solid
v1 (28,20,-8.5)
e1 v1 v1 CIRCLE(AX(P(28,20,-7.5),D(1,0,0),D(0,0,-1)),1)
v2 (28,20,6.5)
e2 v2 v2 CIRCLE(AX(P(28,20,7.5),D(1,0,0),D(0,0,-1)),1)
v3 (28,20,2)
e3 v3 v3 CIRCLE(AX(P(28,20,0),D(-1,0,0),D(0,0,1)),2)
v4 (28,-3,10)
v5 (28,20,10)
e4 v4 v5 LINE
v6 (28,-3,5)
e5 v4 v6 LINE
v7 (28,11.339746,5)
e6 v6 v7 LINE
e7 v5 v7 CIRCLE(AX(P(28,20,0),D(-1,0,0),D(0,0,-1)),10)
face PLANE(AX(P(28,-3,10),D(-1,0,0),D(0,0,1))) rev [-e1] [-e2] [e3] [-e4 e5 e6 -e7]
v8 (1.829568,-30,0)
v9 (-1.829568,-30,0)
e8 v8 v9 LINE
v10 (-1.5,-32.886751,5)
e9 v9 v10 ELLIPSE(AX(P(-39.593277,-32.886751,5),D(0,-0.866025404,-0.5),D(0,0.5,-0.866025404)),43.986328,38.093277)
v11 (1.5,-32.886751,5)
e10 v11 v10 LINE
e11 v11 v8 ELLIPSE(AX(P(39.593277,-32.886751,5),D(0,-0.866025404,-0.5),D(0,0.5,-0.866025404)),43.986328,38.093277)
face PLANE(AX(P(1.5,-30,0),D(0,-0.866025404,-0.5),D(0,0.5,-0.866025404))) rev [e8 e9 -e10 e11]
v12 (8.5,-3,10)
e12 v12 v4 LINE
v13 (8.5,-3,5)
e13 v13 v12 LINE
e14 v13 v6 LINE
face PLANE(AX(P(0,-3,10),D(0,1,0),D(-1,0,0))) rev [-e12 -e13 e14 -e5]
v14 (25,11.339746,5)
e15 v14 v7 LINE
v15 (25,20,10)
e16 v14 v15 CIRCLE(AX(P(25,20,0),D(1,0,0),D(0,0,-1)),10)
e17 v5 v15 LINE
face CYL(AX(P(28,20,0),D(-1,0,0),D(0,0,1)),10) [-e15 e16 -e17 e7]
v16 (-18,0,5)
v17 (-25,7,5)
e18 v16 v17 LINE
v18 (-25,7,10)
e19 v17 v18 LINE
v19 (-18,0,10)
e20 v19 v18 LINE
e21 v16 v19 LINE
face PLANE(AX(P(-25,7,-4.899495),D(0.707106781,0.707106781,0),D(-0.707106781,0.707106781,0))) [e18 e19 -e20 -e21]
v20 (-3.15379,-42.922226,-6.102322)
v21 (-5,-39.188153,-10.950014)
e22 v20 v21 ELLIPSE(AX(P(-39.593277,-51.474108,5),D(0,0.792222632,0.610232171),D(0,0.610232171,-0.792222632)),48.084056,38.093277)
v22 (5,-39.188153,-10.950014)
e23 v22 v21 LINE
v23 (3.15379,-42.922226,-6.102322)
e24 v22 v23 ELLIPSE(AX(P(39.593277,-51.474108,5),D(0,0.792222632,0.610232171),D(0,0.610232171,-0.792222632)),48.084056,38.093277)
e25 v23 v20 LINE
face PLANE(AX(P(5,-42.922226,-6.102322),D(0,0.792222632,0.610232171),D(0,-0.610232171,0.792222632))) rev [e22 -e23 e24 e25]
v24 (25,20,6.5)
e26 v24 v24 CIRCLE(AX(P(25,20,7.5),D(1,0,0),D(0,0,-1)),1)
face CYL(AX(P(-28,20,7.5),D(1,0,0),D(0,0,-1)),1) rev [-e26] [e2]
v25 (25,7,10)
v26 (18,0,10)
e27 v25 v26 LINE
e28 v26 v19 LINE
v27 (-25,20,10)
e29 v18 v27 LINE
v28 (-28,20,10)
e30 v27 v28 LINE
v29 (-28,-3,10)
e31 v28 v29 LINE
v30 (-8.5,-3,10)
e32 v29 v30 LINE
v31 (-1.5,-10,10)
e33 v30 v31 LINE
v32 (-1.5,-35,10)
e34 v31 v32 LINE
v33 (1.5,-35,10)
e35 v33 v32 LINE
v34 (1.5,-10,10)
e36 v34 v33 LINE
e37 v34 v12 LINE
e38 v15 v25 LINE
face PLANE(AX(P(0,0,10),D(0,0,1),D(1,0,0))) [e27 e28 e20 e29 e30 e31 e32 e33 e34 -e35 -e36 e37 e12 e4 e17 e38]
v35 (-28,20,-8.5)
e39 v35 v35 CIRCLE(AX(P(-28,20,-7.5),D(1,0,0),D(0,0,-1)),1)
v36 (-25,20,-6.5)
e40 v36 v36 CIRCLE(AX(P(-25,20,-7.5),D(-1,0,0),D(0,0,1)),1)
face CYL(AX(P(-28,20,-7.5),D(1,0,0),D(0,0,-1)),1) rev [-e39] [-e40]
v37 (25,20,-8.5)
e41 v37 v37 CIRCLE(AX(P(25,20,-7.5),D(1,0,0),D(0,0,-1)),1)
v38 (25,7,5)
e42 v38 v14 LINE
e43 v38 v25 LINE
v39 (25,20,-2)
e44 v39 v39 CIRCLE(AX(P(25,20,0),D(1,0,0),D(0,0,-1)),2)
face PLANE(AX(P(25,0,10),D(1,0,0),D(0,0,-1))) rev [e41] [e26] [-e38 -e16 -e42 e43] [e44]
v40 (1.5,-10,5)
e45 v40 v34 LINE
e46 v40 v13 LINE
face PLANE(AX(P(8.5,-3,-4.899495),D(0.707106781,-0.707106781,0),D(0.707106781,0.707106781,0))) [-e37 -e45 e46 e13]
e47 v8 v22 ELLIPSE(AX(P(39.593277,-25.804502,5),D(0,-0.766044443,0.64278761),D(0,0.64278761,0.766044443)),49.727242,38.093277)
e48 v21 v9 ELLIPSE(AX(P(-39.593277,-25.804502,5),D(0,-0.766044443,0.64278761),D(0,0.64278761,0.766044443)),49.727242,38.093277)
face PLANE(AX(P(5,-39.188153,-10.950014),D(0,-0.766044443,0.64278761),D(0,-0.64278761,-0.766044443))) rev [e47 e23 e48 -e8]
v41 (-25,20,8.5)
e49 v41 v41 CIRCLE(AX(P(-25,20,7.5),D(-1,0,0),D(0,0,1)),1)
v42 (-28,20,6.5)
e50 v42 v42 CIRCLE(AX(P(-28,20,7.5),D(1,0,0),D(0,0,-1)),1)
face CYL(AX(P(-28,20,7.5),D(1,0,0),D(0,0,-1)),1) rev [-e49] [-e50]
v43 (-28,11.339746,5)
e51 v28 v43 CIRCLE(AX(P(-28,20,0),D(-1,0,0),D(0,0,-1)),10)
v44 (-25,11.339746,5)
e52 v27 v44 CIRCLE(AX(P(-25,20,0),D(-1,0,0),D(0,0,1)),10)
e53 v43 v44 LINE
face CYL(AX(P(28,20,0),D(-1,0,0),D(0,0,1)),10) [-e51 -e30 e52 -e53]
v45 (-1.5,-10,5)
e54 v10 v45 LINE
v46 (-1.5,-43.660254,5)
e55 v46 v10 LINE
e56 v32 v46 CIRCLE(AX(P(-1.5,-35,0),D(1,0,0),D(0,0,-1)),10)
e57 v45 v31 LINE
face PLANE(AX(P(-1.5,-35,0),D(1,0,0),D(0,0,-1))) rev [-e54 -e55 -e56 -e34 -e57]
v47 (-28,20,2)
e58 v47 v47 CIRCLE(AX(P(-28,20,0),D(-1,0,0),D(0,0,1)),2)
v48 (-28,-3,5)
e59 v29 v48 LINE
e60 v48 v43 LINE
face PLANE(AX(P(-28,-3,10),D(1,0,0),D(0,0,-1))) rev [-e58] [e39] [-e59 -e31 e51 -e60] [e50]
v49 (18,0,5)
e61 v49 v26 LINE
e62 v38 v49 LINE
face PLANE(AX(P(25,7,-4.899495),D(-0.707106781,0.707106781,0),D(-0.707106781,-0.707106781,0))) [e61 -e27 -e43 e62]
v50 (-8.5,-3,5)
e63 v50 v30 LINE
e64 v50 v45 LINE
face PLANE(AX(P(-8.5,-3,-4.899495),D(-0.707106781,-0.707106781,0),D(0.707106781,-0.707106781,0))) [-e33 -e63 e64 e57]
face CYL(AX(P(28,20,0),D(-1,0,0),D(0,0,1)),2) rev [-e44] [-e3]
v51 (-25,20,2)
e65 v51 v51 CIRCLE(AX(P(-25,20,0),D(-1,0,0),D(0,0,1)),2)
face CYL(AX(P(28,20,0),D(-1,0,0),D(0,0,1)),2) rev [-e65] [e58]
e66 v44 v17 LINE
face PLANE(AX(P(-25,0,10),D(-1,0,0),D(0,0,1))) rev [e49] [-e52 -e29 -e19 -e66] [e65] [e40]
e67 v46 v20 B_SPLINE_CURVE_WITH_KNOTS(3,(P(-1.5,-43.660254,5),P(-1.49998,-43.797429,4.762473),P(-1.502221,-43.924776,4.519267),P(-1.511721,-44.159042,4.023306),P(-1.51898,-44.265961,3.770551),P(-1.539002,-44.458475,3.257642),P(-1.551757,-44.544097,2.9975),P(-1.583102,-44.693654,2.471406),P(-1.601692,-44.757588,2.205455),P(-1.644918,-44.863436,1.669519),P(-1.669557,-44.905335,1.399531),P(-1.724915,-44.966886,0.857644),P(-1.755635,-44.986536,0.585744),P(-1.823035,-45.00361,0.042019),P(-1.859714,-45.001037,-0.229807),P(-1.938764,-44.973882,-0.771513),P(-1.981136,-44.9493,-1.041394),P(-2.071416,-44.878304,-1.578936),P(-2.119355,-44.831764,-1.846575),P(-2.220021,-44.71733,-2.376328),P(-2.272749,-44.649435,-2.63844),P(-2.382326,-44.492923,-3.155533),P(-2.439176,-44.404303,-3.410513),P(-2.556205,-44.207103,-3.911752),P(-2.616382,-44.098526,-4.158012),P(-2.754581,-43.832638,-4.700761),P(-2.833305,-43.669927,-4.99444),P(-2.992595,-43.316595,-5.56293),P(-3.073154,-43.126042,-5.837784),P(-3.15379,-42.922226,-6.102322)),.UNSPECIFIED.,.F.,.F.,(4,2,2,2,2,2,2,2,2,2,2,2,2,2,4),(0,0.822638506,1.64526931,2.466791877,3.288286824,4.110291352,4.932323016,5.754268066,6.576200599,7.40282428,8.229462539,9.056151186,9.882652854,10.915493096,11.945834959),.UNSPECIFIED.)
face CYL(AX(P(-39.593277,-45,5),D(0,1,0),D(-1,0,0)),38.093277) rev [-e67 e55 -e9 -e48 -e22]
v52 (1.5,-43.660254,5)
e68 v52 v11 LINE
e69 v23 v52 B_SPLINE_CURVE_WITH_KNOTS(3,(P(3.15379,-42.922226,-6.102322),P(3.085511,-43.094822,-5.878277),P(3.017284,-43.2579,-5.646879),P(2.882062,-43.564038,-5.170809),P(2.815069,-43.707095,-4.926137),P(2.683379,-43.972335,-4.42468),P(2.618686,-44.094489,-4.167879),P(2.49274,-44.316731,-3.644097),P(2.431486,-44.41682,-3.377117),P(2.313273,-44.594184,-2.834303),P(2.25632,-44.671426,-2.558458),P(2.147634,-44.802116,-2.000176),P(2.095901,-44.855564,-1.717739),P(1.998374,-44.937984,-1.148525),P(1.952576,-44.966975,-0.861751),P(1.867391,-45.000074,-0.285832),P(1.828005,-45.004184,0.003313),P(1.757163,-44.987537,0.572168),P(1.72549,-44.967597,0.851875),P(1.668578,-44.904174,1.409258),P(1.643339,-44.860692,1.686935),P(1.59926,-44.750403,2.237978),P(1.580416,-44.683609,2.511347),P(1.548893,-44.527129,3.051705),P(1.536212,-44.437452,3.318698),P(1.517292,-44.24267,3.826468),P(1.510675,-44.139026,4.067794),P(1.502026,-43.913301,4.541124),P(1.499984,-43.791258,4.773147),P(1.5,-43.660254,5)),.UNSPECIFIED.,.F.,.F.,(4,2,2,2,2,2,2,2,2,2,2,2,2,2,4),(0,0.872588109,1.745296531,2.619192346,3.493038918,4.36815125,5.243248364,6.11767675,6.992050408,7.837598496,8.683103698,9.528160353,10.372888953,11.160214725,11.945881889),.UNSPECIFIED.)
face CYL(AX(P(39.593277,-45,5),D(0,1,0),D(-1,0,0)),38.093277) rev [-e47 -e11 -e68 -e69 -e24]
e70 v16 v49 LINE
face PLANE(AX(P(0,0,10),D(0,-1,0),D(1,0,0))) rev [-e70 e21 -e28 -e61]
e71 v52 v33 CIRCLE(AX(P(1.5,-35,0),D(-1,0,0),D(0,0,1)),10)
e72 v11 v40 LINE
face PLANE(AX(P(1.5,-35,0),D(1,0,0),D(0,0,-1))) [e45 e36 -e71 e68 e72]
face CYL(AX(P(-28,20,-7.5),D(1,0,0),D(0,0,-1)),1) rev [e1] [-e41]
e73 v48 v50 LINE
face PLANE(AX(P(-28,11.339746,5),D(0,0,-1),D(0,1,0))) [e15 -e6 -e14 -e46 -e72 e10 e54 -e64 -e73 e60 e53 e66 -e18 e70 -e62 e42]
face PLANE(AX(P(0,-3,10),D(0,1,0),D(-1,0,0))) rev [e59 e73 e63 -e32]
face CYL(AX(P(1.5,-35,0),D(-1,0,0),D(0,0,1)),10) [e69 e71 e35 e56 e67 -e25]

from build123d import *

# Parameters (mm, degrees)
BOSS_EXTRUDE1_DEPTH = 10
SKETCH2_OUTSIDE_W   = 35.602
SKETCH2_OUTSIDE_H   = 48.602
SKETCH2_OUTSIDE_R   = 2
CUT_EXTRUDE1_DEPTH  = 65.311741
SKETCH3_OUTSIDE_W   = 35.602
SKETCH3_OUTSIDE_H   = 48.602
CUT_EXTRUDE2_DEPTH  = 65.311741
BOSS_EXTRUDE2_DEPTH = 1.5
BOSS_EXTRUDE3_DEPTH = 5
SKETCH6_OUTSIDE_W   = 77.184
SKETCH6_OUTSIDE_H   = 42.134
CUT_EXTRUDE3_DEPTH  = 52.651745
SKETCH7_R           = 1
CUT_EXTRUDE4_DEPTH  = 73.669821
BOSS_EXTRUDE4_DEPTH = 5


with BuildPart() as part:
    # Sketch1 → Boss-Extrude1 (new, symmetric)
    with BuildSketch(Plane.XY):
        Polygon((0, 0), (-25, 0), (-25, 30), (-28, 30), (-28, -3), (0, -3), (28, -3), (28, 30), (25, 30), (25, 0), align=None)
    extrude(amount=BOSS_EXTRUDE1_DEPTH, both=True)

    # Sketch2 outside → Cut-Extrude1 (cut, through all)
    # profile 1 of 2: a face of its own
    with BuildSketch(Plane.ZY.offset(28)):
        with Locations((0, 13.5)):
            Rectangle(SKETCH2_OUTSIDE_W, SKETCH2_OUTSIDE_H)
        with BuildLine():
            Line((10, -3), (-10, -3))
            Line((-10, -3), (-10, 20))
            ThreePointArc((-10, 20), (0, 30), (10, 20))
            Line((10, 20), (10, -3))
        make_face(mode=Mode.SUBTRACT)
    # profile 2 of 2: a face of its own
    with BuildSketch(Plane.ZY.offset(28)):
        with Locations((0, 20)):
            Circle(SKETCH2_OUTSIDE_R)
    extrude(amount=-CUT_EXTRUDE1_DEPTH, mode=Mode.SUBTRACT)

    # Sketch3 outside → Cut-Extrude2 (cut, through all)
    with BuildSketch(Plane(origin=(28, 0, 0), x_dir=(0, 0, -1), z_dir=(1, 0, 0))):
        with Locations((0, 13.5)):
            Rectangle(SKETCH3_OUTSIDE_W, SKETCH3_OUTSIDE_H)
        with BuildLine():
            Line((-5, 11.339746), (-5, -3))
            Line((-5, -3), (-10, -3))
            Line((-10, -3), (-10, 20))
            ThreePointArc((-10, 20), (8.660254, 25), (-5, 11.339746))
        make_face(mode=Mode.SUBTRACT)
    extrude(amount=-CUT_EXTRUDE2_DEPTH, mode=Mode.SUBTRACT)

    # Sketch4 → Boss-Extrude2 (add, symmetric)
    with BuildSketch(Plane(origin=(0, 0, 0), x_dir=(0, 0, -1), z_dir=(1, 0, 0))):
        with BuildLine():
            Line((-10, -3), (-5, -3))
            Line((-5, -3), (-5, -32.886751))
            Line((-5, -32.886751), (0, -30))
            Line((0, -30), (0, -45))
            ThreePointArc((0, -45), (-7.071068, -42.071068), (-10, -35))
            Line((-10, -35), (-10, -3))
        make_face()
    extrude(amount=BOSS_EXTRUDE2_DEPTH, both=True)

    # Sketch5 → Boss-Extrude3 (add, symmetric)
    with BuildSketch(Plane(origin=(0, 0, 0), x_dir=(0, 0, -1), z_dir=(1, 0, 0))):
        with BuildLine():
            Line((0, -30), (-5, -32.886751))
            Line((-5, -32.886751), (-10, -32.886751))
            Line((-10, -32.886751), (-10, -35))
            ThreePointArc((-10, -35), (-4.414566, -43.972826), (6.102322, -42.922226))
            Line((6.102322, -42.922226), (10.950014, -39.188153))
            Line((10.950014, -39.188153), (0, -30))
        make_face()
    extrude(amount=BOSS_EXTRUDE3_DEPTH, both=True)

    # Sketch6 outside → Cut-Extrude3 (cut, through all)
    with BuildSketch(Plane.XZ.offset(3)):
        with Locations((0, -0.475)):
            Rectangle(SKETCH6_OUTSIDE_W, SKETCH6_OUTSIDE_H)
        with BuildLine():
            Line((-1.5, 10), (1.5, 10))
            Line((1.5, 10), (1.5, 5))
            ThreePointArc((1.5, 5), (2.385287, -3.164756), (5, -10.950014))
            Line((5, -10.950014), (-5, -10.950014))
            ThreePointArc((-5, -10.950014), (-2.385287, -3.164756), (-1.5, 5))
            Line((-1.5, 5), (-1.5, 10))
        make_face(mode=Mode.SUBTRACT)
    extrude(amount=CUT_EXTRUDE3_DEPTH, mode=Mode.SUBTRACT)

    # Sketch7 → Cut-Extrude4 (cut, through all)
    with BuildSketch(Plane(origin=(28, 0, 0), x_dir=(0, 0, -1), z_dir=(1, 0, 0))):
        with Locations((-7.5, 20)):
            Circle(SKETCH7_R)
        with Locations((7.5, 20)):
            Circle(SKETCH7_R)
    extrude(amount=-CUT_EXTRUDE4_DEPTH, mode=Mode.SUBTRACT)

    # Sketch8 → Boss-Extrude4 (add)
    with BuildSketch(Plane.XY.offset(10)):
        Polygon((-25, 0), (-25, 7), (-18, 0), align=None)
        Polygon((-8.5, -3), (-1.5, -3), (-1.5, -10), align=None)
        Polygon((1.5, -10), (1.5, -3), (8.5, -3), align=None)
        Polygon((18, 0), (25, 0), (25, 7), align=None)
    extrude(amount=-BOSS_EXTRUDE4_DEPTH)


solid = part.part
